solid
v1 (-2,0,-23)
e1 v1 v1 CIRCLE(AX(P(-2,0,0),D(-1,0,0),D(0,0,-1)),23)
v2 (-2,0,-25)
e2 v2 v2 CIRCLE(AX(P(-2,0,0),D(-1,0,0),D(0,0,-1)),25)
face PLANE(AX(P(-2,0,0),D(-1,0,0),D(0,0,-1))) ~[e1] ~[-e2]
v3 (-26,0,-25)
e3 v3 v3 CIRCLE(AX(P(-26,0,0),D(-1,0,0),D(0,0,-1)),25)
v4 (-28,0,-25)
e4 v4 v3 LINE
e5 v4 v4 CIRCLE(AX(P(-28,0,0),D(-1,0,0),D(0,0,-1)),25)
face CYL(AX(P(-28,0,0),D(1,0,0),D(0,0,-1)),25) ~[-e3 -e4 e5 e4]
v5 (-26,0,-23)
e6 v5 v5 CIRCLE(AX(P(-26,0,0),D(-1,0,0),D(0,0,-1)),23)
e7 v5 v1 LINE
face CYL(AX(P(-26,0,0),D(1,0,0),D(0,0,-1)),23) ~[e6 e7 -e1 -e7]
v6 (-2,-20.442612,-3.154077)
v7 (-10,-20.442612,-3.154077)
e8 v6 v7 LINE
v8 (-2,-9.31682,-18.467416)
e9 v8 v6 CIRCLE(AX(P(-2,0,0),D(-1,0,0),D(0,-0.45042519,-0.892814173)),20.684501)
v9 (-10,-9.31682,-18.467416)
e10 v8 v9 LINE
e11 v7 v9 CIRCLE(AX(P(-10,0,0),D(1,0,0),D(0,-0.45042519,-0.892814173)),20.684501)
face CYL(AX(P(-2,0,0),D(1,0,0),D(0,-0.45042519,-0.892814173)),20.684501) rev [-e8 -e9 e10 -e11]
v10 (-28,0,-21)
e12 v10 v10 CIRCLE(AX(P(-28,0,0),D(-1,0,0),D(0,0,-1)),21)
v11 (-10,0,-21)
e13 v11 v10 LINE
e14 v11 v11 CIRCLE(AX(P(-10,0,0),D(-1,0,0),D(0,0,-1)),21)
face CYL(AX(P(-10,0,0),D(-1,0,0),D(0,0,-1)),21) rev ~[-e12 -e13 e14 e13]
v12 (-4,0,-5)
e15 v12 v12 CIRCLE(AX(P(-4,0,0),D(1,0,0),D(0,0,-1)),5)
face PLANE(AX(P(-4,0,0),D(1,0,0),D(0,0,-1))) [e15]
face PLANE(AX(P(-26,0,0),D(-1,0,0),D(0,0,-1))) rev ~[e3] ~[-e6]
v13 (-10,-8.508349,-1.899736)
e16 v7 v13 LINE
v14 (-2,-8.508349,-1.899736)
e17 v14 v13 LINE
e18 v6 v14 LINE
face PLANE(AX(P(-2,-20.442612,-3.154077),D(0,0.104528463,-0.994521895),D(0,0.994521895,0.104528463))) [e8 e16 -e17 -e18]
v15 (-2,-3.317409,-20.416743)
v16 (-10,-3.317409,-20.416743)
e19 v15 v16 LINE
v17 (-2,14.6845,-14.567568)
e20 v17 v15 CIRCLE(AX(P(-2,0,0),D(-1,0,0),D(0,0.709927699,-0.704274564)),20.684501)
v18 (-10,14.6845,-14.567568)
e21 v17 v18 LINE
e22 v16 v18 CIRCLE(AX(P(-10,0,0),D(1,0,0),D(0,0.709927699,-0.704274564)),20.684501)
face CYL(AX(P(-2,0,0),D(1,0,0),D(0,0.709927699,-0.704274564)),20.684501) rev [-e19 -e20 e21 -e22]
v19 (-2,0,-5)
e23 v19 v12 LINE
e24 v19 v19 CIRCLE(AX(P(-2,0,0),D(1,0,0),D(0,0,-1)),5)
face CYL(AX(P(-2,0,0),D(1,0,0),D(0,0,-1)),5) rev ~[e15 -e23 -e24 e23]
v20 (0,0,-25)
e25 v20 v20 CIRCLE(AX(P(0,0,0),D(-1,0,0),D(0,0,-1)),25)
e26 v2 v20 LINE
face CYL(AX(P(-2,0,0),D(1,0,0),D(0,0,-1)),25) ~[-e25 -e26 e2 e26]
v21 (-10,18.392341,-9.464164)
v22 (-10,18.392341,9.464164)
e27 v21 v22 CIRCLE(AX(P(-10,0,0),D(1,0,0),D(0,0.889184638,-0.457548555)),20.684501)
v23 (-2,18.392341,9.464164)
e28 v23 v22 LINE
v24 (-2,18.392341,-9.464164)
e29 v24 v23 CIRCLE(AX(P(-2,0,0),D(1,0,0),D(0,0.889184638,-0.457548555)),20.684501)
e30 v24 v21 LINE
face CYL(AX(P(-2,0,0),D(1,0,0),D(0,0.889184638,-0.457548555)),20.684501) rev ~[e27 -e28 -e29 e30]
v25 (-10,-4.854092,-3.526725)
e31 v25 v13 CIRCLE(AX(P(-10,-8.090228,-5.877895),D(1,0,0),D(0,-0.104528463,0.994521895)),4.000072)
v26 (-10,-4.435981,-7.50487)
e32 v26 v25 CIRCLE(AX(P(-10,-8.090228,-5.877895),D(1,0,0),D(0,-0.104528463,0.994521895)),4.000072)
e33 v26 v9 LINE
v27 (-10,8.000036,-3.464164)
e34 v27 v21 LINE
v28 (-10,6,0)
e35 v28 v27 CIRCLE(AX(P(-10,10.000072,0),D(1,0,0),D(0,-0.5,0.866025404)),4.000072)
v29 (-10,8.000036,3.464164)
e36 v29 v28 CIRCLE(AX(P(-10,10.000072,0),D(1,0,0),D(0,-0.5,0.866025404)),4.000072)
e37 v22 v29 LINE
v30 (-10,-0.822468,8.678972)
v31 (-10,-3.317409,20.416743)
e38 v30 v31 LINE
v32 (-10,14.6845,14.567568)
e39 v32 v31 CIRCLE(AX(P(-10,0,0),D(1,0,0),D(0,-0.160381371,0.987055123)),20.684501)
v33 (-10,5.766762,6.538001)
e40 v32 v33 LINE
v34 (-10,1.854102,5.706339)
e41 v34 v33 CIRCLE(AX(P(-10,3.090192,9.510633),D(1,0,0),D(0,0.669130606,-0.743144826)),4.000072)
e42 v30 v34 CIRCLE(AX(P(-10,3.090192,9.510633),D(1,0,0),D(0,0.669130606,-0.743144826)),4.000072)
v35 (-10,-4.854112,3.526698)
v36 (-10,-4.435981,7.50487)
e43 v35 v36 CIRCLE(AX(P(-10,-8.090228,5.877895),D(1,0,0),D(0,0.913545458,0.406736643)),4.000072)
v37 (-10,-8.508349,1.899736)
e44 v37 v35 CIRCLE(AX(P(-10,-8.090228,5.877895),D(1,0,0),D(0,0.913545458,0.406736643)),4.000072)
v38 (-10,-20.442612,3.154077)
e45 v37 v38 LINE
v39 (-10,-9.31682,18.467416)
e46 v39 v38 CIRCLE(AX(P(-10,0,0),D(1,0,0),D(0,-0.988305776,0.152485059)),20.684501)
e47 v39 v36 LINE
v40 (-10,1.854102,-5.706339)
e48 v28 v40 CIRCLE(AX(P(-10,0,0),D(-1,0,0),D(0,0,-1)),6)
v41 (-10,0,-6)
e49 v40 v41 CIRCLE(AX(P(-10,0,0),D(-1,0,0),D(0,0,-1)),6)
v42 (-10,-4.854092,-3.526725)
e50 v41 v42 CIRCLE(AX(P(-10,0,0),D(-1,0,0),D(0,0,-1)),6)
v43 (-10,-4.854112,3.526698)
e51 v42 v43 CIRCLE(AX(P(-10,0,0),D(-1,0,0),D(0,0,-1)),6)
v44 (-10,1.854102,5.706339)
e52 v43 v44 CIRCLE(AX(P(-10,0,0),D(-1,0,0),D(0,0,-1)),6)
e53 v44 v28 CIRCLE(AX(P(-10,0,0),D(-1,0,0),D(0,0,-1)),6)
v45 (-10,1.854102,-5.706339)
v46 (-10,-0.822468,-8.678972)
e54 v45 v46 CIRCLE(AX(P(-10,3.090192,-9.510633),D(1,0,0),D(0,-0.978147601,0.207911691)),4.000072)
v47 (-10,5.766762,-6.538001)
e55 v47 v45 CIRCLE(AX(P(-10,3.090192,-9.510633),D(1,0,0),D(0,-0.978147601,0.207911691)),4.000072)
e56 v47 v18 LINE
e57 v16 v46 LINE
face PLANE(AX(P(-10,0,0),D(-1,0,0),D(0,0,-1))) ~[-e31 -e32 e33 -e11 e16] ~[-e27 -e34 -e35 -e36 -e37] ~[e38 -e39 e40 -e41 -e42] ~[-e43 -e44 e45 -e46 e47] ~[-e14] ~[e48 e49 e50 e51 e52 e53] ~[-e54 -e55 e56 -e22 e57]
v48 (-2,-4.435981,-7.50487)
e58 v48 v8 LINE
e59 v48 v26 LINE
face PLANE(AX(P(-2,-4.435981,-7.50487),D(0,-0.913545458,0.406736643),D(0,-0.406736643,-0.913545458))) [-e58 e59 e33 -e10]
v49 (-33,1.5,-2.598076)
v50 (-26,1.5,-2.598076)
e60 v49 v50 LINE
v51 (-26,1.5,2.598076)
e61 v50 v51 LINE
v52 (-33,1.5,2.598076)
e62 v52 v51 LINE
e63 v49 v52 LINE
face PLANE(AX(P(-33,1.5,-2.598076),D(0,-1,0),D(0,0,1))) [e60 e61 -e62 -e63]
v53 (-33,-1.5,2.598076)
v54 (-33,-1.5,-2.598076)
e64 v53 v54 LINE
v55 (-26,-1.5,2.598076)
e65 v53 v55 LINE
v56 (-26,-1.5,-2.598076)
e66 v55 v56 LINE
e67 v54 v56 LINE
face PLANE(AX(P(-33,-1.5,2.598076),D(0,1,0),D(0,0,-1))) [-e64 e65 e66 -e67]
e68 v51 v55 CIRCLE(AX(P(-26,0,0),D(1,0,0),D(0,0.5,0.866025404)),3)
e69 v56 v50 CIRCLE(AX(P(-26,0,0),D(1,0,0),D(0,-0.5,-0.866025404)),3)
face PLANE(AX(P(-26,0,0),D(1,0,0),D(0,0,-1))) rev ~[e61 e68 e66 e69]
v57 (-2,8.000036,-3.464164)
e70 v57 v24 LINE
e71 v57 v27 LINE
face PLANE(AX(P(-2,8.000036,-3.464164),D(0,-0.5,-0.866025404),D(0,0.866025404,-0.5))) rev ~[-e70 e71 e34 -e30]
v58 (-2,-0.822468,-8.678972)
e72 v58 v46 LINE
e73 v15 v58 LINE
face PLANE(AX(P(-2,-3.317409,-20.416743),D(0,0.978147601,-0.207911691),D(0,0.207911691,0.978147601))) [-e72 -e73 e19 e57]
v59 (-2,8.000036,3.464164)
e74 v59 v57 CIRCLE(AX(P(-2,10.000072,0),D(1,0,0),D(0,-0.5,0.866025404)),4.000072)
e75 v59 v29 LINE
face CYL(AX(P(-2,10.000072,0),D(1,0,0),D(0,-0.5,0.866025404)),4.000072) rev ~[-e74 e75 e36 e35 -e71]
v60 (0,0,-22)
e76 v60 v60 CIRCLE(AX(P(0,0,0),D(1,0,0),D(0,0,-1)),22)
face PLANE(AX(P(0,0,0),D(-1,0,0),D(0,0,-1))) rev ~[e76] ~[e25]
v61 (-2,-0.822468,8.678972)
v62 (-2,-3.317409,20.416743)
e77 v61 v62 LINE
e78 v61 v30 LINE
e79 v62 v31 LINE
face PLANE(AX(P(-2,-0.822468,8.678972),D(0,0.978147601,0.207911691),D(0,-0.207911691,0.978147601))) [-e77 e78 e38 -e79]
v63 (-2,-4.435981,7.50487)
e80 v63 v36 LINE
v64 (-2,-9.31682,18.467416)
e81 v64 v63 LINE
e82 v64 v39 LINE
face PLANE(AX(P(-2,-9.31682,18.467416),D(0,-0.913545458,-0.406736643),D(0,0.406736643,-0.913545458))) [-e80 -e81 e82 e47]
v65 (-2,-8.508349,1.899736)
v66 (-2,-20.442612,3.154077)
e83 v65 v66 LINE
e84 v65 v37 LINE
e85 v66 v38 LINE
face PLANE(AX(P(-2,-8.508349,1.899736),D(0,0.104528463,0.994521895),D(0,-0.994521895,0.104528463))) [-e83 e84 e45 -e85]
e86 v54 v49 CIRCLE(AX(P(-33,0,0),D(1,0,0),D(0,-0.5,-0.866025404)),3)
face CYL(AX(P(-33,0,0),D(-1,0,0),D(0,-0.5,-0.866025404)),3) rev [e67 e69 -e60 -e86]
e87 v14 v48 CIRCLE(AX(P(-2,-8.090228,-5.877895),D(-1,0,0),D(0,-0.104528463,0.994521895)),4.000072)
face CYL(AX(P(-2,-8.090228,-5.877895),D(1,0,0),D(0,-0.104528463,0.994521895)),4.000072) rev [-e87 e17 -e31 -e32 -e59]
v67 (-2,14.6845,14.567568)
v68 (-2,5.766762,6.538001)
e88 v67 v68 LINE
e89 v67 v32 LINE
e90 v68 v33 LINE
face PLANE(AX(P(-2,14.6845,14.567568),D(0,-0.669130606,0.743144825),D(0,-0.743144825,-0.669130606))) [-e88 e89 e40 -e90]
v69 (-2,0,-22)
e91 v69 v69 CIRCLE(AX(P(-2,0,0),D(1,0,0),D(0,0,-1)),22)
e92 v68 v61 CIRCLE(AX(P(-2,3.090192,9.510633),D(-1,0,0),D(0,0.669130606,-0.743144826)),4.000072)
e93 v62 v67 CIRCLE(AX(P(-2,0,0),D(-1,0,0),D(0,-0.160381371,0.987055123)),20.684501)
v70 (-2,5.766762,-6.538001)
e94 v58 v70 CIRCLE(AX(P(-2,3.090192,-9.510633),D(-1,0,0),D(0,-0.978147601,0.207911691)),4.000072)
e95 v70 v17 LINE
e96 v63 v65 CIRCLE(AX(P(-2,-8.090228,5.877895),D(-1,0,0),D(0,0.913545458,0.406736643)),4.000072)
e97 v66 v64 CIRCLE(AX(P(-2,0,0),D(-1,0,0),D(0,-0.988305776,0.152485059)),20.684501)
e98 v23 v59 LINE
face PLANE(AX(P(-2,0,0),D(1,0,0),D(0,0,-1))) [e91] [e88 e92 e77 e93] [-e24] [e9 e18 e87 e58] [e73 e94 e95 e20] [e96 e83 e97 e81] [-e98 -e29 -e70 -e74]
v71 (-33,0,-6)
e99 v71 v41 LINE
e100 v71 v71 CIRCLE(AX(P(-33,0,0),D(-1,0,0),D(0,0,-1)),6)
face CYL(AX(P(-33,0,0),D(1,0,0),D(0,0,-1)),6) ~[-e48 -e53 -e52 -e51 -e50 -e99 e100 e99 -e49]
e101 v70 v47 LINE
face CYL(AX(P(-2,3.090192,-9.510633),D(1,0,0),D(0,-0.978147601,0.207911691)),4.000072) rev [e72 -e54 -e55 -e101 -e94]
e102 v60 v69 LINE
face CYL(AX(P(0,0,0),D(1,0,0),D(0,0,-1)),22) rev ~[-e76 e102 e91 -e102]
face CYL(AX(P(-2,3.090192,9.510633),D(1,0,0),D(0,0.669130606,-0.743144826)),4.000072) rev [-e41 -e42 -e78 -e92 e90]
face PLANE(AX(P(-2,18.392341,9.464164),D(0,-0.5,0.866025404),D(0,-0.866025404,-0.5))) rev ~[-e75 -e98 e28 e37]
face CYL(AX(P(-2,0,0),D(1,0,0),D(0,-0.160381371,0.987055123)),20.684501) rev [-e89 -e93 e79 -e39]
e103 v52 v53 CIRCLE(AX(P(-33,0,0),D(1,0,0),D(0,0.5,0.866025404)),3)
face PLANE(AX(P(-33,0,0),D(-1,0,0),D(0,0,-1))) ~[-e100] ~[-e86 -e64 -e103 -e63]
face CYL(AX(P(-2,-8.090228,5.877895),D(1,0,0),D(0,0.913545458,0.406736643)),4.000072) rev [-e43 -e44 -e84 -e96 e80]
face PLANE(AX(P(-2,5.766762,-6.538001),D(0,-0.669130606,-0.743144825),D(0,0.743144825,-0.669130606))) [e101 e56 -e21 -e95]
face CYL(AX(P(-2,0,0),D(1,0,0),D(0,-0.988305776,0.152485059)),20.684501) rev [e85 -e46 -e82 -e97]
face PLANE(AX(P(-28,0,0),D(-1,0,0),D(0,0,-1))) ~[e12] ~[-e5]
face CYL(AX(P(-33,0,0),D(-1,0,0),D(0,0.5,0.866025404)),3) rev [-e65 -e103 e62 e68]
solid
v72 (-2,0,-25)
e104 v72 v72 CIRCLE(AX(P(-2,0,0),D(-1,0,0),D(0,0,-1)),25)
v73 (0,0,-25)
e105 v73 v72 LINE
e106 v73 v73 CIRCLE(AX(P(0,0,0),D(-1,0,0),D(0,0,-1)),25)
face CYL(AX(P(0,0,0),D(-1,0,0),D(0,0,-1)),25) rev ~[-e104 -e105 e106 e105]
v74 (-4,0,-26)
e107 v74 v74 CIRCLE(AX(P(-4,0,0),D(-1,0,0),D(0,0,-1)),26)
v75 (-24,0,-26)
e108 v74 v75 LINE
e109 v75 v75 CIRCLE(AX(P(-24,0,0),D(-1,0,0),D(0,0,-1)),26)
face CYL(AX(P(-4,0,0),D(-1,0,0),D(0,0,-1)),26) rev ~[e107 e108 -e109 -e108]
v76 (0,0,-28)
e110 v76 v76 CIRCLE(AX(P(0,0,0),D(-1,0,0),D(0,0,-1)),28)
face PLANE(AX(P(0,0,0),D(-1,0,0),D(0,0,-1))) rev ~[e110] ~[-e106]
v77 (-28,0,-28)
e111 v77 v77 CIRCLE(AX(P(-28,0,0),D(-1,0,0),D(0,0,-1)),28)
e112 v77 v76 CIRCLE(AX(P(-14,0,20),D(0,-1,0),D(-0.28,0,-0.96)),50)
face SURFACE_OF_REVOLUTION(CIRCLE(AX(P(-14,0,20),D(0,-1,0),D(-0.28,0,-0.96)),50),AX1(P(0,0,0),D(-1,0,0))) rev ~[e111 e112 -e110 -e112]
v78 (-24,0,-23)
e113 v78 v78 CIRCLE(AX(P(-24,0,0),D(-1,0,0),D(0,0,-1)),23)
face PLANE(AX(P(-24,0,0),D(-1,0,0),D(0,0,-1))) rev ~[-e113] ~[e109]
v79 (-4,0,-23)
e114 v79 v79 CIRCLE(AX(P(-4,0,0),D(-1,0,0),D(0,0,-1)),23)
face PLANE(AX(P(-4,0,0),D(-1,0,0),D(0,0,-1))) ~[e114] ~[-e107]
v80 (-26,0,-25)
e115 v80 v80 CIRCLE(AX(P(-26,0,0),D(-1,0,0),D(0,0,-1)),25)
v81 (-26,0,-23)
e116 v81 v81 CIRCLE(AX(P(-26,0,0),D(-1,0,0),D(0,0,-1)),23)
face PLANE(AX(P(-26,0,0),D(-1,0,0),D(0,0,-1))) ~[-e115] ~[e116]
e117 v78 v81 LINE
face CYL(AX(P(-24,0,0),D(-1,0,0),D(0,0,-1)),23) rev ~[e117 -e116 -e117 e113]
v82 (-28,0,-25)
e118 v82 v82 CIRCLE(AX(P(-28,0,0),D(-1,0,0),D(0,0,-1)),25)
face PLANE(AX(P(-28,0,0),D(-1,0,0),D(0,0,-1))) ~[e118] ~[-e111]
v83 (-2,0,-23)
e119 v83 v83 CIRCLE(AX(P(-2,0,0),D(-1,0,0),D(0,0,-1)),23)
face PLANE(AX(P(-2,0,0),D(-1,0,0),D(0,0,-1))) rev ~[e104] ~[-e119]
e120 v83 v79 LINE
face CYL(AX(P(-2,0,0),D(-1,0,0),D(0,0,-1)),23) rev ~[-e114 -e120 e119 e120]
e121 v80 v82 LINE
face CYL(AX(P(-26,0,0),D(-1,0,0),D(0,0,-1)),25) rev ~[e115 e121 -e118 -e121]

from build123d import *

# Parameters (mm, degrees)
SKETCH3_R          = 22
CUT_EXTRUDE1_DEPTH = 2
CUT_EXTRUDE2_DEPTH = 48.021271782
SKETCH4_R          = 5
CUT_EXTRUDE3_DEPTH = 2
CUT_EXTRUDE4_DEPTH = 7


with BuildPart() as part:
    # Sketch1 → Revolve1 (revolve)
    with BuildSketch(Plane.XY, mode=Mode.PRIVATE) as revolve1_sk:
        Polygon((0, 0), (-33, 0), (-33, 6), (-10, 6), (-10, 21), (-28, 21), (-28, 25), (-26, 25), (-26, 23), (-2, 23), (-2, 25), (0, 25), align=None)
    revolve(revolve1_sk.sketch.rotate(Axis((0, 0, 0), (-1, 0, 0)), 90), axis=Axis((0, 0, 0), (-1, 0, 0)))

    # Sketch3 → Cut-Extrude1 (cut)
    with BuildSketch(Plane(origin=(0, 0, 0), x_dir=(0, 0, -1), z_dir=(1, 0, 0))):
        Circle(SKETCH3_R)
    extrude(amount=-CUT_EXTRUDE1_DEPTH, mode=Mode.SUBTRACT)

    # Sketch2 → Cut-Extrude2 (cut, through all)
    with BuildSketch(Plane(origin=(-2, 0, 0), x_dir=(0, 0, -1), z_dir=(1, 0, 0))):
        with BuildLine():
            Line((-9.464163606, 18.392340636), (-3.464163606, 8.00003579))
            ThreePointArc((-3.464163606, 8.00003579), (0, 6), (3.464163606, 8.00003579))
            Line((3.464163606, 8.00003579), (9.464163606, 18.392340636))
            ThreePointArc((9.464163606, 18.392340636), (0, 20.684501126), (-9.464163606, 18.392340636))
        make_face()
        with BuildLine():
            Line((20.416742803, -3.317408646), (8.678971594, -0.822468356))
            ThreePointArc((8.678971594, -0.822468356), (5.706339098, 1.854101966), (6.538000743, 5.766762385))
            Line((6.538000743, 5.766762385), (14.56756802, 14.684500291))
            ThreePointArc((14.56756802, 14.684500291), (19.672129582, 6.391862368), (20.416742803, -3.317408646))
        make_face()
        with BuildLine():
            Line((3.154077386, -20.442611933), (1.899735827, -8.508349189))
            ThreePointArc((1.899735827, -8.508349189), (3.526711514, -4.854101966), (7.504870284, -4.435980631))
            Line((7.504870284, -4.435980631), (18.467415775, -9.316820348))
            ThreePointArc((18.467415775, -9.316820348), (12.158044713, -16.734112931), (3.154077386, -20.442611933))
        make_face()
        with BuildLine():
            Line((-18.467415775, -9.316820348), (-7.504870284, -4.435980631))
            ThreePointArc((-7.504870284, -4.435980631), (-3.526711514, -4.854101966), (-1.899735827, -8.508349189))
            Line((-1.899735827, -8.508349189), (-3.154077386, -20.442611933))
            ThreePointArc((-3.154077386, -20.442611933), (-12.158044713, -16.734112931), (-18.467415775, -9.316820348))
        make_face()
        with BuildLine():
            Line((-14.56756802, 14.684500291), (-6.538000743, 5.766762385))
            ThreePointArc((-6.538000743, 5.766762385), (-5.706339098, 1.854101966), (-8.678971594, -0.822468356))
            Line((-8.678971594, -0.822468356), (-20.416742803, -3.317408646))
            ThreePointArc((-20.416742803, -3.317408646), (-19.672129582, 6.391862368), (-14.56756802, 14.684500291))
        make_face()
    extrude(amount=-CUT_EXTRUDE2_DEPTH, mode=Mode.SUBTRACT)

    # Sketch4 → Cut-Extrude3 (cut)
    with BuildSketch(Plane(origin=(-2, 0, 0), x_dir=(0, 0, -1), z_dir=(1, 0, 0))):
        Circle(SKETCH4_R)
    extrude(amount=-CUT_EXTRUDE3_DEPTH, mode=Mode.SUBTRACT)

    # Sketch5 → Cut-Extrude4 (cut)
    with BuildSketch(Plane.ZY.offset(33)):
        with BuildLine():
            Line((-2.598076211, 1.5), (2.598076211, 1.5))
            ThreePointArc((2.598076211, 1.5), (3, 0), (2.598076211, -1.5))
            Line((2.598076211, -1.5), (-2.598076211, -1.5))
            ThreePointArc((-2.598076211, -1.5), (-3, 0), (-2.598076211, 1.5))
        make_face()
    extrude(amount=-CUT_EXTRUDE4_DEPTH, mode=Mode.SUBTRACT)


with BuildPart() as body_2:
    # Sketch7 → Revolve3 (revolve)
    with BuildSketch(Plane.XY, mode=Mode.PRIVATE) as revolve3_sk:
        with BuildLine():
            Line((-14, 26), (-24, 26))
            Line((-24, 26), (-24, 23))
            Line((-24, 23), (-26, 23))
            Line((-26, 23), (-26, 25))
            Line((-26, 25), (-28, 25))
            Line((-28, 25), (-28, 28))
            ThreePointArc((-28, 28), (-14, 30), (0, 28))
            Line((0, 28), (0, 25))
            Line((0, 25), (-2, 25))
            Line((-2, 25), (-2, 23))
            Line((-2, 23), (-4, 23))
            Line((-4, 23), (-4, 26))
            Line((-4, 26), (-14, 26))
        make_face()
    revolve(revolve3_sk.sketch.rotate(Axis((0, 0, 0), (-1, 0, 0)), 90), axis=Axis((0, 0, 0), (-1, 0, 0)))


solid = Compound([part.part, body_2.part])
